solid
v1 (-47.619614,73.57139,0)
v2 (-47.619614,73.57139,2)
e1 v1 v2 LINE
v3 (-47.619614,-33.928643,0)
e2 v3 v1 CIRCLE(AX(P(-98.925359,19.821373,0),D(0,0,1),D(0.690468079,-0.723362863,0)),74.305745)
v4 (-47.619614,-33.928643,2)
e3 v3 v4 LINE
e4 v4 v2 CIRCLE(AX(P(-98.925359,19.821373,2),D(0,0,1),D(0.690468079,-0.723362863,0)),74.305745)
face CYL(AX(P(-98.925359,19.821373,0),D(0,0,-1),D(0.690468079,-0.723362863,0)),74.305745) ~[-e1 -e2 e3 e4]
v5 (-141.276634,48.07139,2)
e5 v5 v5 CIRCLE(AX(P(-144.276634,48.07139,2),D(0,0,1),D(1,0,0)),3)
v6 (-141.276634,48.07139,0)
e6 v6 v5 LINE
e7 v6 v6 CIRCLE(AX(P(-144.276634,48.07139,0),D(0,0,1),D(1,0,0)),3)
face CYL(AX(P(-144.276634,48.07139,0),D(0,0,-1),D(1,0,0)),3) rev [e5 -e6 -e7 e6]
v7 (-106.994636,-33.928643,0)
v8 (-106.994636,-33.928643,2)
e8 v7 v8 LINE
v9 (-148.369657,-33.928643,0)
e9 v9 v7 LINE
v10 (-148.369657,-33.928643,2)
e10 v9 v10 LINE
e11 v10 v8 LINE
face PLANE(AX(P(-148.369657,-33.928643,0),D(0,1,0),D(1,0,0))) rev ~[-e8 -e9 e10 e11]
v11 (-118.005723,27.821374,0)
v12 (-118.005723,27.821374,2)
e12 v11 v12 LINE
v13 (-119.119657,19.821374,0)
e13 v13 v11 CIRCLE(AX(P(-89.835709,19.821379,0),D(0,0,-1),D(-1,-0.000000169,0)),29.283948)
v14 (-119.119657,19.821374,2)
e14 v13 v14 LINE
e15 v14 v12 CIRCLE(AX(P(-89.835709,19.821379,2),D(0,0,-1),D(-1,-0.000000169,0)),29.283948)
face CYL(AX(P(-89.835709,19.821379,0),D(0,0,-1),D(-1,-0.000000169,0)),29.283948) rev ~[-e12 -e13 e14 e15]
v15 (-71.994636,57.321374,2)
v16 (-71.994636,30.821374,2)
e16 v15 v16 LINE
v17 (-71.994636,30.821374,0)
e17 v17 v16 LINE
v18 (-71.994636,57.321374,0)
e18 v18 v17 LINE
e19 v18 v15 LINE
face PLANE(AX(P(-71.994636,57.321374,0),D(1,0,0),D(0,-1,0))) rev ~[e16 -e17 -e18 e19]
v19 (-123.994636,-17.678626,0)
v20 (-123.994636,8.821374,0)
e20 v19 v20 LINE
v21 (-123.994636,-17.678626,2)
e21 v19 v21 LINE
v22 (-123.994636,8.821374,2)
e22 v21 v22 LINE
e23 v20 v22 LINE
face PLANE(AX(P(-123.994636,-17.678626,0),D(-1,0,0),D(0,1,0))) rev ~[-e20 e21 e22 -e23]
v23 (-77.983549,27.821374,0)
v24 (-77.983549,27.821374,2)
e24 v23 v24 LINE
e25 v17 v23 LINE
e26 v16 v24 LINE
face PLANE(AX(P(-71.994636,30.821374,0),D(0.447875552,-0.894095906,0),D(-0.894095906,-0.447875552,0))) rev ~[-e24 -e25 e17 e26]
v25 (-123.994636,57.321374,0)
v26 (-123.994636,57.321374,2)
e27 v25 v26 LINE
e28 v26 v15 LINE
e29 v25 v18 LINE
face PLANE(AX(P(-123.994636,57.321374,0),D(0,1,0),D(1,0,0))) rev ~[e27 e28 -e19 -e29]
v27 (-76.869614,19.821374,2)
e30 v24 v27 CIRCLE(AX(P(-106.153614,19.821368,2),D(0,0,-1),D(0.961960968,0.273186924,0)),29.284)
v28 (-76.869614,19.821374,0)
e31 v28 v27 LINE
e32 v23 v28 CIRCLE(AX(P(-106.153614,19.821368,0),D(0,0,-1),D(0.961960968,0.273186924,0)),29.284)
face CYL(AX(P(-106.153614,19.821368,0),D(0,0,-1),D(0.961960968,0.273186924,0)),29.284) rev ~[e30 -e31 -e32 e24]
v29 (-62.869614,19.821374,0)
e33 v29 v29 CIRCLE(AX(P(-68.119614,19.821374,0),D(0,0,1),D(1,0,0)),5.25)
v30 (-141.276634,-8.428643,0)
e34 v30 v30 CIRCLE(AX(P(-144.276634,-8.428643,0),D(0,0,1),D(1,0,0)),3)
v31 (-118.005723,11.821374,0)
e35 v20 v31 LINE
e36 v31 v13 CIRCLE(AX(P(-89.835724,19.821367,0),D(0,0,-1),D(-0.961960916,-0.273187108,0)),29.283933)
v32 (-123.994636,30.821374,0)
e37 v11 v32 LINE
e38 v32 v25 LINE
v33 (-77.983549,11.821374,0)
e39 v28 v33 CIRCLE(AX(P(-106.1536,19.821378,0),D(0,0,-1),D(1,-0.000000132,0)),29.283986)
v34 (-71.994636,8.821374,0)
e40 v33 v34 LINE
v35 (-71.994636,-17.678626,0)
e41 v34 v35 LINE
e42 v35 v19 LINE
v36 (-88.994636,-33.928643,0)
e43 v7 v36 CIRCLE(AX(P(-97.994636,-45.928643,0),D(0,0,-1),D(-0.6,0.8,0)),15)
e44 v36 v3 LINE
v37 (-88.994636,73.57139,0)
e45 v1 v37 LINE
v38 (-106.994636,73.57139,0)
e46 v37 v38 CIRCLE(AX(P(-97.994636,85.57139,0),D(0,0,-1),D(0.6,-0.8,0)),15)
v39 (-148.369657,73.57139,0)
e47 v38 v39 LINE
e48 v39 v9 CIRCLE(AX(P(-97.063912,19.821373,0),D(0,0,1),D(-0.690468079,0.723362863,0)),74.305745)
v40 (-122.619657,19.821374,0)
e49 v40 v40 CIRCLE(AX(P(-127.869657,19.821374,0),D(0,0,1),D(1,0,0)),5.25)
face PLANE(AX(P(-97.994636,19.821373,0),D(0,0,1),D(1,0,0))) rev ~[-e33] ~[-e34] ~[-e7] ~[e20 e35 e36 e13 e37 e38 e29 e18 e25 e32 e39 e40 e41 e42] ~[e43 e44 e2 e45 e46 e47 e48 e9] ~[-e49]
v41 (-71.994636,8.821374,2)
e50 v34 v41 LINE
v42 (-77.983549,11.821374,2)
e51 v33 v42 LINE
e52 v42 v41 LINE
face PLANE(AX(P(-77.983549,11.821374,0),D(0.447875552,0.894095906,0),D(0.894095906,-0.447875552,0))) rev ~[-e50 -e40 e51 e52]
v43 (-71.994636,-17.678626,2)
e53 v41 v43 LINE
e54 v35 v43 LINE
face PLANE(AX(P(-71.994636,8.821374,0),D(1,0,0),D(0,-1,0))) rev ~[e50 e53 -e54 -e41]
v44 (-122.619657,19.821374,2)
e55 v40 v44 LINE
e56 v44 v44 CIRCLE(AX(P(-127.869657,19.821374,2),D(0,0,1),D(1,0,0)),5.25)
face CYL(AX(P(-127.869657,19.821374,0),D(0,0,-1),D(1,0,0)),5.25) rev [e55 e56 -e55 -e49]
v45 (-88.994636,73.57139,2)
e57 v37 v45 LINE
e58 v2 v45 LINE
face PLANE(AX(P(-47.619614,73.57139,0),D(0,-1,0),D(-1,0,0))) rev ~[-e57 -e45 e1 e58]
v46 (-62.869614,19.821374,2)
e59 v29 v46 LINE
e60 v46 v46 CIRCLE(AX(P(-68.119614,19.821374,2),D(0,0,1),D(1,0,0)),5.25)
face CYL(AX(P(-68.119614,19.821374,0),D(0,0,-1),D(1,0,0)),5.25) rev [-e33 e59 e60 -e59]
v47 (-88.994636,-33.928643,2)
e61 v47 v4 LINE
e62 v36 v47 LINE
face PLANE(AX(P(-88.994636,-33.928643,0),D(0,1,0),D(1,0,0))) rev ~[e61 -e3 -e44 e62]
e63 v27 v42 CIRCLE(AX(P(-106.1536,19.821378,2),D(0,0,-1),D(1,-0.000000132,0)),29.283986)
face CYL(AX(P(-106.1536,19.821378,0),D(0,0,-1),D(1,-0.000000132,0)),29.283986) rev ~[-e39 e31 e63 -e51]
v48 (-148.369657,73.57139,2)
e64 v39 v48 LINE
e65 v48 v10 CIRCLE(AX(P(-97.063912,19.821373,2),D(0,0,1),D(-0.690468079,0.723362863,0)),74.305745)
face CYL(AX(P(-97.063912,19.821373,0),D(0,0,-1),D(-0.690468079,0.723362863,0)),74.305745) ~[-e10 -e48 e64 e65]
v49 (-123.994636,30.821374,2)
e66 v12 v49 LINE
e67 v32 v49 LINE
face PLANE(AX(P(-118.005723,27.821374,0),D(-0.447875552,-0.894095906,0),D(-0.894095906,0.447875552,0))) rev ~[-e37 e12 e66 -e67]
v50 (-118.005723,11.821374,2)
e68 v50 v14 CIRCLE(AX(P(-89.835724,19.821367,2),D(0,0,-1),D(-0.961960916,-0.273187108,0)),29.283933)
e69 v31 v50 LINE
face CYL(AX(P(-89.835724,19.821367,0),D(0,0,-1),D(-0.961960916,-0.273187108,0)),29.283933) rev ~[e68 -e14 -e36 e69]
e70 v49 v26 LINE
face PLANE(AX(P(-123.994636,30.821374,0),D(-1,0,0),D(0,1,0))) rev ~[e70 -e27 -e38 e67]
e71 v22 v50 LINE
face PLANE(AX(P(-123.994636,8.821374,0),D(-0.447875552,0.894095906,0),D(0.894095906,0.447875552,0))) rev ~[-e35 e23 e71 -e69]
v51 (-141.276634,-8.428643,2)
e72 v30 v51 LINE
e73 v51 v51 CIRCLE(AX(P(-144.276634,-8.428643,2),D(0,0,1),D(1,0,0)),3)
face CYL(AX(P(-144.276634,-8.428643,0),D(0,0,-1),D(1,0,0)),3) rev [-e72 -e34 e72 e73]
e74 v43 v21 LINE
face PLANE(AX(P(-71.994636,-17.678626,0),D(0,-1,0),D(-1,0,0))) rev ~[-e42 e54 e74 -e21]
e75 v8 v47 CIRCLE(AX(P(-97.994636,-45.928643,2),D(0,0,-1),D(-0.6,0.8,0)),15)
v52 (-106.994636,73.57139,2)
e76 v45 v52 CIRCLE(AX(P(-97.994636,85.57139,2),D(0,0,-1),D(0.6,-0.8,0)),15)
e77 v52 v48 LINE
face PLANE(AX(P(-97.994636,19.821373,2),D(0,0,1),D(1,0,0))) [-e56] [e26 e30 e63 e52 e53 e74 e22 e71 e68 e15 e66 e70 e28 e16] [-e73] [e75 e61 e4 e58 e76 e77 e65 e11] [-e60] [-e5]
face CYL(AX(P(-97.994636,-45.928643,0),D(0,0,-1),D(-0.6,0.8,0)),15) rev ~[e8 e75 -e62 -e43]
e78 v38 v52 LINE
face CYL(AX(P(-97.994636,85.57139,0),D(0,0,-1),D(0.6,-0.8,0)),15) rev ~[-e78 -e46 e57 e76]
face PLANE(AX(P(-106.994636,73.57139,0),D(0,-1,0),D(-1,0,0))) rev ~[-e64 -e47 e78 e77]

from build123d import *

# Parameters (mm, degrees)
F0_R     = 3
F0_R_2   = 5.25
F1_DEPTH = 2


with BuildPart() as f1:
    # F0 (on Top) → F1 (new body)
    with BuildSketch(Plane.XY):
        with BuildLine():
            Line((-106.994636, 73.57139), (-148.369657, 73.57139))
            ThreePointArc((-148.369657, 73.57139), (-171.369657, 19.821374), (-148.369657, -33.928643))
            Line((-148.369657, -33.928643), (-106.994636, -33.928643))
            ThreePointArc((-106.994636, -33.928643), (-97.994636, -30.928643), (-88.994636, -33.928643))
            Line((-88.994636, -33.928643), (-47.619614, -33.928643))
            ThreePointArc((-47.619614, -33.928643), (-24.619614, 19.821374), (-47.619614, 73.57139))
            Line((-47.619614, 73.57139), (-88.994636, 73.57139))
            ThreePointArc((-88.994636, 73.57139), (-97.994636, 70.57139), (-106.994636, 73.57139))
        make_face()
        with Locations((-144.276634, -8.428643)):
            Circle(F0_R, mode=Mode.SUBTRACT)
        with Locations((-127.869657, 19.821374)):
            Circle(F0_R_2, mode=Mode.SUBTRACT)
        with Locations((-68.119614, 19.821374)):
            Circle(F0_R_2, mode=Mode.SUBTRACT)
        with BuildLine():
            Line((-123.994636, 30.821374), (-123.994636, 57.321374))
            Line((-123.994636, 57.321374), (-71.994636, 57.321374))
            Line((-71.994636, 57.321374), (-71.994636, 30.821374))
            Line((-71.994636, 30.821374), (-77.983549, 27.821374))
            ThreePointArc((-77.983549, 27.821374), (-77.149435, 23.859964), (-76.869614, 19.821374))
            ThreePointArc((-76.869614, 19.821374), (-77.149435, 15.782783), (-77.983549, 11.821374))
            Line((-77.983549, 11.821374), (-71.994636, 8.821374))
            Line((-71.994636, 8.821374), (-71.994636, -17.678626))
            Line((-71.994636, -17.678626), (-123.994636, -17.678626))
            Line((-123.994636, -17.678626), (-123.994636, 8.821374))
            Line((-123.994636, 8.821374), (-118.005723, 11.821374))
            ThreePointArc((-118.005723, 11.821374), (-118.839837, 15.782783), (-119.119657, 19.821374))
            ThreePointArc((-119.119657, 19.821374), (-118.839837, 23.859964), (-118.005723, 27.821374))
            Line((-118.005723, 27.821374), (-123.994636, 30.821374))
        make_face(mode=Mode.SUBTRACT)
        with Locations((-144.276634, 48.07139)):
            Circle(F0_R, mode=Mode.SUBTRACT)
    extrude(amount=F1_DEPTH)


solid = f1.part
